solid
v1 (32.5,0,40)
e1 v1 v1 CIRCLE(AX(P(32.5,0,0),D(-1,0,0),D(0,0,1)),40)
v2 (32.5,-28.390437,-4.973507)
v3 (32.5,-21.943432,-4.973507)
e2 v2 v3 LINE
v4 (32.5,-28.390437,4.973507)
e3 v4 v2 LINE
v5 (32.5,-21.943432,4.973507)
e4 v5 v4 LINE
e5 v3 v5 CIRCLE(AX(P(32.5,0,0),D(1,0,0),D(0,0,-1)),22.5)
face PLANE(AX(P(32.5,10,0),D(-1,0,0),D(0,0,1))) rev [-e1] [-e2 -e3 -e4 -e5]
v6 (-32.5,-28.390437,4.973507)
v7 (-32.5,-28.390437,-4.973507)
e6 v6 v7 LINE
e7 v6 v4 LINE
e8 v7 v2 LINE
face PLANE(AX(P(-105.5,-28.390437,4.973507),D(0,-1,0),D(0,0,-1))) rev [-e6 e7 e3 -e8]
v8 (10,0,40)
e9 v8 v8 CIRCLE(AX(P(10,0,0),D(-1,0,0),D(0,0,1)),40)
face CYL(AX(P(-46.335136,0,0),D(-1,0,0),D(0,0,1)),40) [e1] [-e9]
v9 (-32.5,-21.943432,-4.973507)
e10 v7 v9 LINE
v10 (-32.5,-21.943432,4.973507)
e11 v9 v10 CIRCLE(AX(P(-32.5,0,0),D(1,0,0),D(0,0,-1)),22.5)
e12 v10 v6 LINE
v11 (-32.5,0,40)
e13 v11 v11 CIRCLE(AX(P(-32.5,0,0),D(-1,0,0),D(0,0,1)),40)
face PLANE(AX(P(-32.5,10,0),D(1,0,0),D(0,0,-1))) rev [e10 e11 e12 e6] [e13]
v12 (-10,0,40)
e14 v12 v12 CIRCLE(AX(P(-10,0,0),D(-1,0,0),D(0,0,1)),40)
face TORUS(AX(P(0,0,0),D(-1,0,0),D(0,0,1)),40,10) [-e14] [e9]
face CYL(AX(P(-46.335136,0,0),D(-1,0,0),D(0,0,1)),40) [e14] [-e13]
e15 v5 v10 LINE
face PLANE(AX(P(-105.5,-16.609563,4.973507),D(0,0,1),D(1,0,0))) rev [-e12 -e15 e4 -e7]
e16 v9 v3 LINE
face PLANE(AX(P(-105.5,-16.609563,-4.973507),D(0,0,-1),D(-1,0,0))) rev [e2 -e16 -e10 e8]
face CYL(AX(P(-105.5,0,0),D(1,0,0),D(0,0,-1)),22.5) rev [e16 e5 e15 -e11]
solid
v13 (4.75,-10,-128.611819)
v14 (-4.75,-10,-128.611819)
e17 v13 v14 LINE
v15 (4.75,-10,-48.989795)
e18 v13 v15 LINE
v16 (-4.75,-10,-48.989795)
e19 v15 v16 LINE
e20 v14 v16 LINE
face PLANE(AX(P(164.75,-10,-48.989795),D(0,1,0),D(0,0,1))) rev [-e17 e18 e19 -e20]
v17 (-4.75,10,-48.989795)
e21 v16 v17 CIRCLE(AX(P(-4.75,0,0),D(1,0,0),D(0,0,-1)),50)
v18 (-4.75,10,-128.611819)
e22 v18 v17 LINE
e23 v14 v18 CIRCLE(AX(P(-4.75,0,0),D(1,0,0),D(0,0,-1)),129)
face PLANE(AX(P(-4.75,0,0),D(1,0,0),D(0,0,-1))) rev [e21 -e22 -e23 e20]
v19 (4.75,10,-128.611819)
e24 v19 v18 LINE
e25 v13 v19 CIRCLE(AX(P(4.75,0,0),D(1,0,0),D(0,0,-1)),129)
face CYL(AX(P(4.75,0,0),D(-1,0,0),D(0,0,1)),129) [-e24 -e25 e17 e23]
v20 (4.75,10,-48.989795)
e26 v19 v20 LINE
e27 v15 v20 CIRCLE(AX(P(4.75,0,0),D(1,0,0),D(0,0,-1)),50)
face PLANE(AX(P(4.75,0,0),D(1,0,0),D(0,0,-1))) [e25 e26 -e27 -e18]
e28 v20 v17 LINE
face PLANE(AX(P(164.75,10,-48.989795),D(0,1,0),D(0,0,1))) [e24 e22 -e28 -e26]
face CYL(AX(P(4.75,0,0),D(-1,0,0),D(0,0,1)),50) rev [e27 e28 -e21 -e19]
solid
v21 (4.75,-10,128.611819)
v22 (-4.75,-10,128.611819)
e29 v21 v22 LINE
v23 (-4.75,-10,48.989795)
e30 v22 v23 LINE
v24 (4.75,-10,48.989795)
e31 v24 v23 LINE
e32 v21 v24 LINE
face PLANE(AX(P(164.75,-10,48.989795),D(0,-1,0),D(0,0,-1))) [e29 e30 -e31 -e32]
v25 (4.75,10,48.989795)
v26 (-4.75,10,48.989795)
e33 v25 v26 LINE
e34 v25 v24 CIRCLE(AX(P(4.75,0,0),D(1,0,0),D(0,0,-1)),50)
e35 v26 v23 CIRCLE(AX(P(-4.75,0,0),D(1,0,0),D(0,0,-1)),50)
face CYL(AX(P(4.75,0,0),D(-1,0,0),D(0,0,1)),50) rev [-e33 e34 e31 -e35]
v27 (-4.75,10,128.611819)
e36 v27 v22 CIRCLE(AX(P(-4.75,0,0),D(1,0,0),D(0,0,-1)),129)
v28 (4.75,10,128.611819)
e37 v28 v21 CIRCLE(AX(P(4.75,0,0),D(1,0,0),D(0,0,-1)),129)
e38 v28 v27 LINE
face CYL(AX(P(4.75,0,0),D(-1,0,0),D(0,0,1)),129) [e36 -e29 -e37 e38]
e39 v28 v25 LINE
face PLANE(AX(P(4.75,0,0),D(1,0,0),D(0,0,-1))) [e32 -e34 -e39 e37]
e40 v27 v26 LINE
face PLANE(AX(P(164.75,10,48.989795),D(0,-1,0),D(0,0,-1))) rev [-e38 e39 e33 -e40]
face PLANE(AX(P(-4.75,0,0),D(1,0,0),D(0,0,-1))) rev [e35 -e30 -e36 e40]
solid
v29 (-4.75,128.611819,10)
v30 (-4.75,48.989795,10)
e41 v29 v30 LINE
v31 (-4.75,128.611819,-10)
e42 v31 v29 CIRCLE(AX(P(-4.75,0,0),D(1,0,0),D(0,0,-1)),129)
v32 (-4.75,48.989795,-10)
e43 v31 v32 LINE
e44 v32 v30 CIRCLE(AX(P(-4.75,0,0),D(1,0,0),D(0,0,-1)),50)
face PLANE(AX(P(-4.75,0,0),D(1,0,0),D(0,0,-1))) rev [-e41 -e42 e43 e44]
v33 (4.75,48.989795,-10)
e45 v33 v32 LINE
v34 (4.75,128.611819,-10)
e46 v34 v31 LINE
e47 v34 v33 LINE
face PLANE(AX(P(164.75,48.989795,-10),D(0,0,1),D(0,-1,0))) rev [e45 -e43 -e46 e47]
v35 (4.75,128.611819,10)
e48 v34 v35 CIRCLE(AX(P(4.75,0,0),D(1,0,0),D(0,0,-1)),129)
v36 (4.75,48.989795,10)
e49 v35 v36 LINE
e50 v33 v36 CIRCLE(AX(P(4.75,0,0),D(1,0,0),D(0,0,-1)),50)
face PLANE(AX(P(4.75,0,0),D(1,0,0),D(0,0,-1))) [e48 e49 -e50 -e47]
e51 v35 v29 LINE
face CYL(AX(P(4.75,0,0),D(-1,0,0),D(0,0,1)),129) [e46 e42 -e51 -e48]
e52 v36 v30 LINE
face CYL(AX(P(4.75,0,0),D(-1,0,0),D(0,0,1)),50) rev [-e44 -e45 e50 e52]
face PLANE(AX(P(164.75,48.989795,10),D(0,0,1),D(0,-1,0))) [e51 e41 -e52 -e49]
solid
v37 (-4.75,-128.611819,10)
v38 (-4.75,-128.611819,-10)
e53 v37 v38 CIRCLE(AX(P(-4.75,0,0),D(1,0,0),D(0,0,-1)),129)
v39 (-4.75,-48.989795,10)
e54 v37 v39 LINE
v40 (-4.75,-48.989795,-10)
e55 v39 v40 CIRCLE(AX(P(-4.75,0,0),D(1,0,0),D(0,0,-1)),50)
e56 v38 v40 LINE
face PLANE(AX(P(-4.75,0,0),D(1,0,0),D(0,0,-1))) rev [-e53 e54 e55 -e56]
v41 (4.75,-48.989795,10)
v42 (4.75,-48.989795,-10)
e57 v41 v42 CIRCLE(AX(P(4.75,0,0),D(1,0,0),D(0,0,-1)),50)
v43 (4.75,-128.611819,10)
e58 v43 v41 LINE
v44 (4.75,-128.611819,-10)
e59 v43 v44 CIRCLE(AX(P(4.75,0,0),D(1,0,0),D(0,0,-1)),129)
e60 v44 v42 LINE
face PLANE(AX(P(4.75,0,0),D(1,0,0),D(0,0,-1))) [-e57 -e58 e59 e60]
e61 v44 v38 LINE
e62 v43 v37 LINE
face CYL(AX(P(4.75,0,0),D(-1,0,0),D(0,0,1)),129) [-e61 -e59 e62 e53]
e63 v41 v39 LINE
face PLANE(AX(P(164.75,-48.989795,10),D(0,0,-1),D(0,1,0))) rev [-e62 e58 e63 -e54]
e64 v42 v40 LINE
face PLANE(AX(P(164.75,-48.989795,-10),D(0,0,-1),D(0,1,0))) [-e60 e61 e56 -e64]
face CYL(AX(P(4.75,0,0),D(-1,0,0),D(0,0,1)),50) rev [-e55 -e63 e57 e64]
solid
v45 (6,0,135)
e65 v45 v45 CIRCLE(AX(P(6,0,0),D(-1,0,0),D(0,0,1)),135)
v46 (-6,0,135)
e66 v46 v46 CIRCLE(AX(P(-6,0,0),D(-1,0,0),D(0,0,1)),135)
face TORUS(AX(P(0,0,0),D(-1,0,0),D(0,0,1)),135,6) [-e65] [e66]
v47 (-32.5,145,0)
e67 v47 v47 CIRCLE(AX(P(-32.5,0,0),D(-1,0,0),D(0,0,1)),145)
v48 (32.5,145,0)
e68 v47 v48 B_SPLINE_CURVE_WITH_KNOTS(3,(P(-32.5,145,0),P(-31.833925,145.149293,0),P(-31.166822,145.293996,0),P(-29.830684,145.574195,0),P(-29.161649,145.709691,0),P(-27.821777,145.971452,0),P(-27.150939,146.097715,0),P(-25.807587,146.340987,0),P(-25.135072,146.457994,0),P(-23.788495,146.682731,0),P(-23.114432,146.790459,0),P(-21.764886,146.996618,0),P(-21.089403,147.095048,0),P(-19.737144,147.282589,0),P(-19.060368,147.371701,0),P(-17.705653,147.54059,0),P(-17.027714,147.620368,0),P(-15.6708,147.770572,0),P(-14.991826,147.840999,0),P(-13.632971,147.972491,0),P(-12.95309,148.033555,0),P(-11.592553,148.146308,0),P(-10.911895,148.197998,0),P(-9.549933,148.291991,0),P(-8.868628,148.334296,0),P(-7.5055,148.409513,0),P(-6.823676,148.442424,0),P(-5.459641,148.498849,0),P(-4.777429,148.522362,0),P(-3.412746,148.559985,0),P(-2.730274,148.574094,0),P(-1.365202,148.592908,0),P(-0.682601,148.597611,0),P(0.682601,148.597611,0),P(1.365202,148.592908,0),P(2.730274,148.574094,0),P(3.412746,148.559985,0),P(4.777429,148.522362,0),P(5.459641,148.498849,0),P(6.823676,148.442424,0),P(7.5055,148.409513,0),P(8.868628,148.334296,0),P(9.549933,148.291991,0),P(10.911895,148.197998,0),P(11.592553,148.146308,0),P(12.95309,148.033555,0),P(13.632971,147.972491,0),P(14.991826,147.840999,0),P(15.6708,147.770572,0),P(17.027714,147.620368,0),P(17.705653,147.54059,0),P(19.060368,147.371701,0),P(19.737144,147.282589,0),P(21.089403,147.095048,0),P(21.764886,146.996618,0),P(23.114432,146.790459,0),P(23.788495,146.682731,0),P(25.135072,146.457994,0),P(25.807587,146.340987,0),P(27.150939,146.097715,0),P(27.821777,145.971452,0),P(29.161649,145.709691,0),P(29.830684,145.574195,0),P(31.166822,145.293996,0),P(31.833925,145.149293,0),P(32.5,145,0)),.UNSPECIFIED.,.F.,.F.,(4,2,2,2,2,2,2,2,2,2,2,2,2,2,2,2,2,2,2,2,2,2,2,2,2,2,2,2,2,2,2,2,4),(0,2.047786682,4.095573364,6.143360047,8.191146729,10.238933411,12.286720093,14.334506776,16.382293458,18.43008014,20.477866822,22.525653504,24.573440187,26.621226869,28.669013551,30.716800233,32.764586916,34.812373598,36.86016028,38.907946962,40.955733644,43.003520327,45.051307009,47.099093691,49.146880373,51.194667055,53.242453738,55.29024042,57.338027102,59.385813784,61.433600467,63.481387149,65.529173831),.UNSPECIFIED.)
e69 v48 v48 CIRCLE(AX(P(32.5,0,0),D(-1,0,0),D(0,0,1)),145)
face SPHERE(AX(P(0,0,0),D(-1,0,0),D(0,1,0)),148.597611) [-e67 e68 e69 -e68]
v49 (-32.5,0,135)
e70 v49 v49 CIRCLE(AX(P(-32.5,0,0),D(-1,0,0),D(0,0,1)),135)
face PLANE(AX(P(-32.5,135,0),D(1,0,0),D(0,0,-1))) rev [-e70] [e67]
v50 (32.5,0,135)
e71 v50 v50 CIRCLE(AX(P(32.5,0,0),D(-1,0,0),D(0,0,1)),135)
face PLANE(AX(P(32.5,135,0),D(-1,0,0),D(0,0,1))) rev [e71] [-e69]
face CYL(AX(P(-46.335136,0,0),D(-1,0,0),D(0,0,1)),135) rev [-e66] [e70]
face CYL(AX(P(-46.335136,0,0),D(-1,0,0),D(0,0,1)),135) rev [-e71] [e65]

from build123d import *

# Parameters (mm, degrees)
SKETCH2_R               = 129
SKETCH2_R_2             = 50
BOSS_EXTRUDE1_DEPTH     = 4.75
CUT_EXTRUDE5_DEPTH      = 160
CUT_EXTRUDE5_DEPTH_BACK = 138
SKETCH6_R               = 22.5
CUT_EXTRUDE6_DEPTH      = 138
SKETCH7_W               = 9.947014286
SKETCH7_H               = 11.780873212
CUT_EXTRUDE7_DEPTH      = 138


with BuildPart() as part:
    # Sketch1 → Revolve1 (revolve)
    with BuildSketch(Plane.XY, mode=Mode.PRIVATE) as revolve1_sk:
        with BuildLine():
            Line((-32.5, 10), (32.5, 10))
            Line((32.5, 10), (32.5, 40))
            Line((32.5, 40), (10, 40))
            ThreePointArc((10, 40), (0, 50), (-10, 40))
            Line((-10, 40), (-32.5, 40))
            Line((-32.5, 40), (-32.5, 10))
        make_face()
        with BuildLine():
            Line((-32.5, 135), (-6, 135))
            ThreePointArc((-6, 135), (0, 129), (6, 135))
            Line((6, 135), (32.5, 135))
            Line((32.5, 135), (32.5, 145))
            ThreePointArc((32.5, 145), (0, 148.597611017), (-32.5, 145))
            Line((-32.5, 145), (-32.5, 135))
        make_face()
    revolve(revolve1_sk.sketch.rotate(Axis((-46.335135684, 0, 0), (1, 0, 0)), 90), axis=Axis((-46.335135684, 0, 0), (1, 0, 0)))

    # Sketch6 → Cut-Extrude6 (cut)
    with BuildSketch(Plane(origin=(32.5, 0, 0), x_dir=(0, 0, -1), z_dir=(1, 0, 0))):
        Circle(SKETCH6_R)
    extrude(amount=-CUT_EXTRUDE6_DEPTH, mode=Mode.SUBTRACT)

    # Sketch7 → Cut-Extrude7 (cut)
    with BuildSketch(Plane(origin=(32.5, 0, 0), x_dir=(0, 0, -1), z_dir=(1, 0, 0))):
        with Locations((0, -22.5)):
            Rectangle(SKETCH7_W, SKETCH7_H)
    extrude(amount=-CUT_EXTRUDE7_DEPTH, mode=Mode.SUBTRACT)


with BuildPart() as body_2:
    # Sketch2 → Boss-Extrude1 (new, symmetric)
    with BuildSketch(Plane(origin=(0, 0, 0), x_dir=(0, 0, -1), z_dir=(1, 0, 0))):
        Circle(SKETCH2_R)
        Circle(SKETCH2_R_2, mode=Mode.SUBTRACT)
    extrude(amount=BOSS_EXTRUDE1_DEPTH, both=True)

    # Sketch3 → Cut-Extrude5 (cut, two sides: drawn at the far end of the back side and taken through both)
    with BuildSketch(Plane(origin=(4.75, 0, 0), x_dir=(0, 0, -1), z_dir=(1, 0, 0)).offset(-CUT_EXTRUDE5_DEPTH_BACK)):
        with BuildLine():
            Line((48.989794856, 10), (128.611819053, 10))
            ThreePointArc((128.611819053, 10), (91.216774773, 91.216774773), (10, 128.611819053))
            Line((10, 128.611819053), (10, 48.989794856))
            ThreePointArc((10, 48.989794856), (35.355339059, 35.355339059), (48.989794856, 10))
        make_face()
        with BuildLine():
            Line((-10, 48.989794856), (-10, 128.611819053))
            ThreePointArc((-10, 128.611819053), (-91.216774773, 91.216774773), (-128.611819053, 10))
            Line((-128.611819053, 10), (-48.989794856, 10))
            ThreePointArc((-48.989794856, 10), (-35.355339059, 35.355339059), (-10, 48.989794856))
        make_face()
        with BuildLine():
            Line((48.989794856, -10), (128.611819053, -10))
            ThreePointArc((128.611819053, -10), (91.216774773, -91.216774773), (10, -128.611819053))
            Line((10, -128.611819053), (10, -48.989794856))
            ThreePointArc((10, -48.989794856), (35.355339059, -35.355339059), (48.989794856, -10))
        make_face()
        with BuildLine():
            Line((-10, -48.989794856), (-10, -128.611819053))
            ThreePointArc((-10, -128.611819053), (-91.216774773, -91.216774773), (-128.611819053, -10))
            Line((-128.611819053, -10), (-48.989794856, -10))
            ThreePointArc((-48.989794856, -10), (-35.355339059, -35.355339059), (-10, -48.989794856))
        make_face()
    extrude(amount=CUT_EXTRUDE5_DEPTH + CUT_EXTRUDE5_DEPTH_BACK, mode=Mode.SUBTRACT)


with BuildPart() as cut_extrude5_piece_1:
    # of the separate pieces the step leaves, piece 1, a body of its own (cut_extrude5_pieces)
    add(body_2.part.solids().sort_by_distance((4.75, 10, -128.611819053))[0])


with BuildPart() as cut_extrude5_piece_2:
    # of the separate pieces the step leaves, piece 2, a body of its own (cut_extrude5_pieces)
    add(body_2.part.solids().sort_by_distance((4.75, 128.611819053, -10))[0])


with BuildPart() as cut_extrude5_piece_3:
    # of the separate pieces the step leaves, piece 3, a body of its own (cut_extrude5_pieces)
    add(body_2.part.solids().sort_by_distance((-4.75, -128.611819053, 10))[0])


with BuildPart() as cut_extrude5_piece_4:
    # of the separate pieces the step leaves, piece 4, a body of its own (cut_extrude5_pieces)
    add(body_2.part.solids().sort_by_distance((4.75, 10, 128.611819053))[0])


solid = Compound([part.part, cut_extrude5_piece_1.part, cut_extrude5_piece_2.part, cut_extrude5_piece_3.part, cut_extrude5_piece_4.part])
